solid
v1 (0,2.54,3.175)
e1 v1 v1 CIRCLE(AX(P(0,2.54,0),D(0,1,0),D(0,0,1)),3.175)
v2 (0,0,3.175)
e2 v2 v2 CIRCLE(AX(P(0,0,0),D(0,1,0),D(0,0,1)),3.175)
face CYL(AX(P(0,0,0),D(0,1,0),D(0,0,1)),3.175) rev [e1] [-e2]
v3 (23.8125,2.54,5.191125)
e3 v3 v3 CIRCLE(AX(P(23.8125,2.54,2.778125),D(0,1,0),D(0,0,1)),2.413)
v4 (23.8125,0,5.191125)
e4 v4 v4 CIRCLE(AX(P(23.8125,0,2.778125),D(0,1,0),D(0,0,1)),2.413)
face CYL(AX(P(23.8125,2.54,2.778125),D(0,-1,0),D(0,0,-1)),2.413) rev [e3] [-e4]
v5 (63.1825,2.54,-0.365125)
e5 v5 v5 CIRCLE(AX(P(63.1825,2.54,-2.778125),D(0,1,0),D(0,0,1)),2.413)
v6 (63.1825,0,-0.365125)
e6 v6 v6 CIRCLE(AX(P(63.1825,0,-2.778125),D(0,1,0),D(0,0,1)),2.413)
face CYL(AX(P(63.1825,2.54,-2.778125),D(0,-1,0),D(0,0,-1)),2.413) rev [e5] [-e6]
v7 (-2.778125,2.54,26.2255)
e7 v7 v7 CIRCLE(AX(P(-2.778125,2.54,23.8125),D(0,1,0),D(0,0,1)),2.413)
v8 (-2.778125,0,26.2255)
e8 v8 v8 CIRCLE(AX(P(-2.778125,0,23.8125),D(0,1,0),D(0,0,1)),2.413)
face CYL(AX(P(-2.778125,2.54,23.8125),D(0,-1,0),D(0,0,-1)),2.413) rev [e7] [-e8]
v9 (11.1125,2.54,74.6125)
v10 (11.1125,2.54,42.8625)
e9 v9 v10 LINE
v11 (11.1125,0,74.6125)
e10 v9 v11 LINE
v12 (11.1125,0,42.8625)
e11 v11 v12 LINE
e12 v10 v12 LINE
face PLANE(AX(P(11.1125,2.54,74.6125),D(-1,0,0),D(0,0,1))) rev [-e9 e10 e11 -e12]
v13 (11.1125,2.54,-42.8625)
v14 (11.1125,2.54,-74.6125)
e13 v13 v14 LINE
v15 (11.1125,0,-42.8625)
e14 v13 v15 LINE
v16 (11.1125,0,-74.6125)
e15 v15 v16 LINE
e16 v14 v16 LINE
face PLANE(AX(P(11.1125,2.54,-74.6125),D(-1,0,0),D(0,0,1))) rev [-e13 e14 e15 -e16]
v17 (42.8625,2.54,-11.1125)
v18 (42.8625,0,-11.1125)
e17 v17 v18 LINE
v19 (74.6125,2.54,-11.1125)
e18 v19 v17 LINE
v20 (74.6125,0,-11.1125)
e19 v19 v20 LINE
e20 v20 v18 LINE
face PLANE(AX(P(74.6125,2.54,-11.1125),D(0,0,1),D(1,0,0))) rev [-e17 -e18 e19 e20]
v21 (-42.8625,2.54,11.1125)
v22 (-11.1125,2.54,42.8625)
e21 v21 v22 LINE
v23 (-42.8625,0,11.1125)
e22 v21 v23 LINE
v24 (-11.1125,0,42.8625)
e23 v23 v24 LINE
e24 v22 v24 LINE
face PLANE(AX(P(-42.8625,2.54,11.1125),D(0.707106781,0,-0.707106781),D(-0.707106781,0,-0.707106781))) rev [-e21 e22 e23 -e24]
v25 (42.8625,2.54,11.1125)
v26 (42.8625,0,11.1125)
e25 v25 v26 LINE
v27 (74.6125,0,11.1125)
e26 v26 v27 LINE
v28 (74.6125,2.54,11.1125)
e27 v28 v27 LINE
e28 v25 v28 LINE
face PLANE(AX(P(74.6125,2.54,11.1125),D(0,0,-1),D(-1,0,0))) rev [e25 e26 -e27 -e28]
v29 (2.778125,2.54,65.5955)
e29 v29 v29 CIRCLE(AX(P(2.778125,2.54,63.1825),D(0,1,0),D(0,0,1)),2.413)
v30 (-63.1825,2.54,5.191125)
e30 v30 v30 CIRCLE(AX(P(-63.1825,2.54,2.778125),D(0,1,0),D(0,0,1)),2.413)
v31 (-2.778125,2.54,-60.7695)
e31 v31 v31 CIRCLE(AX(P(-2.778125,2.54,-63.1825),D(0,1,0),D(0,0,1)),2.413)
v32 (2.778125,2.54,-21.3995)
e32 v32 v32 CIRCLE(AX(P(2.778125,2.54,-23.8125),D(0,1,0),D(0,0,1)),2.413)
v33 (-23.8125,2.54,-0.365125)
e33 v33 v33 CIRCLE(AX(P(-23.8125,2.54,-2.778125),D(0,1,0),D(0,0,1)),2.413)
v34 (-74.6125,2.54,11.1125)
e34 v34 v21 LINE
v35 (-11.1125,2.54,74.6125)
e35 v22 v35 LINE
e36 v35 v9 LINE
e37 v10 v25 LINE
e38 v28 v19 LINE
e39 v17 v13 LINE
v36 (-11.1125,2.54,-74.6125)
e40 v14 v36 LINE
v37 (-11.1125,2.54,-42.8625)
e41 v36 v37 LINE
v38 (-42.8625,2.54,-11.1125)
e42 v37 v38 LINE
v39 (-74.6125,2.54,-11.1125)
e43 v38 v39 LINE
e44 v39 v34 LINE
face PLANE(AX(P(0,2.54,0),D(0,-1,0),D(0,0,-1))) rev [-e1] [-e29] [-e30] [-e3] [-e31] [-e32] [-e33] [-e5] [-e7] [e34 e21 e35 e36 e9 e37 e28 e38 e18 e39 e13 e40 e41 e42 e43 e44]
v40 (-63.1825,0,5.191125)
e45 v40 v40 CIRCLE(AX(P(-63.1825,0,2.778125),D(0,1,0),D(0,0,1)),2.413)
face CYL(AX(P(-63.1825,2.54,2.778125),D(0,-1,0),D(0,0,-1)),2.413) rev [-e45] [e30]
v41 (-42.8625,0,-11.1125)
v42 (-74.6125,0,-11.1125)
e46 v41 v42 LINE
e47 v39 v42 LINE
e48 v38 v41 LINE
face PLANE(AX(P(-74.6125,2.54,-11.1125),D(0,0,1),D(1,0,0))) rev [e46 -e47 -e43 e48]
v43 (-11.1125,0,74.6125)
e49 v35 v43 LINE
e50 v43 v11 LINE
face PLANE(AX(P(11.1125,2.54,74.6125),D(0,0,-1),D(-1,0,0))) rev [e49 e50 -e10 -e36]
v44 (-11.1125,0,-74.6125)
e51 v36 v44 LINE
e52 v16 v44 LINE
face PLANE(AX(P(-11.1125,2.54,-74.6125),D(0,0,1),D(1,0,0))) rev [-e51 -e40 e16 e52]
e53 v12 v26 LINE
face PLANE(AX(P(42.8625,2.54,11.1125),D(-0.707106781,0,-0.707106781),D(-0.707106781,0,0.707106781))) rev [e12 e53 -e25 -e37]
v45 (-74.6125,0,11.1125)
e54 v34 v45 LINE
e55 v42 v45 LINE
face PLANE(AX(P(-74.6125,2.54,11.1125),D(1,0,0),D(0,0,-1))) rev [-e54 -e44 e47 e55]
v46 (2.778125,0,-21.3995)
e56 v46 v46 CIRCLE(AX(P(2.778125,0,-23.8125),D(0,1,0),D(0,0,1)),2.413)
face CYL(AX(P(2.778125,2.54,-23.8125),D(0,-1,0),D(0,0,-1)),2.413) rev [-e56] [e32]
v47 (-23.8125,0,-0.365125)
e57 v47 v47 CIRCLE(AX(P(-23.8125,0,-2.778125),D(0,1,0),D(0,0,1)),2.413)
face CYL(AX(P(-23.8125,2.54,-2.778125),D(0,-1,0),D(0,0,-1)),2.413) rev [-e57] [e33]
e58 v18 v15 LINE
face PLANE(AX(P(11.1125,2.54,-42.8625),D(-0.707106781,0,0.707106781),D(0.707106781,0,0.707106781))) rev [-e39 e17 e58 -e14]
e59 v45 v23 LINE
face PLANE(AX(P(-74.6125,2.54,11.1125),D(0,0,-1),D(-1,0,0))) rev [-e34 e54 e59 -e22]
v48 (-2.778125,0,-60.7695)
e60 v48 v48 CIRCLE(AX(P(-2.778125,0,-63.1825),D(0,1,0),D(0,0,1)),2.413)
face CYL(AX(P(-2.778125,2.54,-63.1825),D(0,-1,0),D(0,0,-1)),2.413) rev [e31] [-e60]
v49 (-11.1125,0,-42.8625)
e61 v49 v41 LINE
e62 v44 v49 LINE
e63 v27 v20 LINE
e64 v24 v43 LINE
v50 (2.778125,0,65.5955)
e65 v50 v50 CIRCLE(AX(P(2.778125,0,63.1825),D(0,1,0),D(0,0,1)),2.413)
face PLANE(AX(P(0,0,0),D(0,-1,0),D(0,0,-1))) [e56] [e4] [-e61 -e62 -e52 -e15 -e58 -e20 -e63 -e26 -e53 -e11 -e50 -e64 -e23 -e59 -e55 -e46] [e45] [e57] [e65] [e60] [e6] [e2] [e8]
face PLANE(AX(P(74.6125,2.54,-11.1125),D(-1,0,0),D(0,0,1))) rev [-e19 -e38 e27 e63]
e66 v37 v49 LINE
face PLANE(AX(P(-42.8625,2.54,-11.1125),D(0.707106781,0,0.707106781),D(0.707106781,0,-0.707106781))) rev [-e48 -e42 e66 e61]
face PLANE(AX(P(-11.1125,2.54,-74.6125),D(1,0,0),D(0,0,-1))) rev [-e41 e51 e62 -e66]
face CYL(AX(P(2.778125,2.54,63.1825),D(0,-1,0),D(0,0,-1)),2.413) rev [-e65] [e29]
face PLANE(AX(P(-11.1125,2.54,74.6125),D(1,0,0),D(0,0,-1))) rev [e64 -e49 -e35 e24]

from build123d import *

# Parameters (mm, degrees)
SKETCH1_R           = 2.413
BOSS_EXTRUDE1_DEPTH = 2.54
SKETCH2_R           = 3.175
CUT_EXTRUDE1_DEPTH  = 3.54


with BuildPart() as part:
    # Sketch1 → Boss-Extrude1 (new body)
    with BuildSketch(Plane(origin=(0, 0, 0), x_dir=(1, 0, 0), z_dir=(0, 1, 0))):
        Polygon((-74.6125, -11.1125), (-74.6125, 11.1125), (-42.8625, 11.1125), (-11.1125, 42.8625), (-11.1125, 74.6125), (11.1125, 74.6125), (11.1125, 42.8625), (42.8625, 11.1125), (74.6125, 11.1125), (74.6125, -11.1125), (42.8625, -11.1125), (11.1125, -42.8625), (11.1125, -74.6125), (-11.1125, -74.6125), (-11.1125, -42.8625), (-42.8625, -11.1125), align=None)
        with Locations((-23.8125, 2.778125)):
            Circle(SKETCH1_R, mode=Mode.SUBTRACT)
        with Locations((-63.1825, -2.778125)):
            Circle(SKETCH1_R, mode=Mode.SUBTRACT)
        with Locations((-2.778125, 63.1825)):
            Circle(SKETCH1_R, mode=Mode.SUBTRACT)
        with Locations((2.778125, 23.8125)):
            Circle(SKETCH1_R, mode=Mode.SUBTRACT)
        with Locations((63.1825, 2.778125)):
            Circle(SKETCH1_R, mode=Mode.SUBTRACT)
        with Locations((23.8125, -2.778125)):
            Circle(SKETCH1_R, mode=Mode.SUBTRACT)
        with Locations((2.778125, -63.1825)):
            Circle(SKETCH1_R, mode=Mode.SUBTRACT)
        with Locations((-2.778125, -23.8125)):
            Circle(SKETCH1_R, mode=Mode.SUBTRACT)
    extrude(amount=BOSS_EXTRUDE1_DEPTH)

    # Sketch2 → Cut-Extrude1 (cut, through all)
    with BuildSketch(Plane(origin=(0, 2.54, 0), x_dir=(1, 0, 0), z_dir=(0, 1, 0))):
        Circle(SKETCH2_R)
    extrude(amount=-CUT_EXTRUDE1_DEPTH, mode=Mode.SUBTRACT)


solid = part.part
